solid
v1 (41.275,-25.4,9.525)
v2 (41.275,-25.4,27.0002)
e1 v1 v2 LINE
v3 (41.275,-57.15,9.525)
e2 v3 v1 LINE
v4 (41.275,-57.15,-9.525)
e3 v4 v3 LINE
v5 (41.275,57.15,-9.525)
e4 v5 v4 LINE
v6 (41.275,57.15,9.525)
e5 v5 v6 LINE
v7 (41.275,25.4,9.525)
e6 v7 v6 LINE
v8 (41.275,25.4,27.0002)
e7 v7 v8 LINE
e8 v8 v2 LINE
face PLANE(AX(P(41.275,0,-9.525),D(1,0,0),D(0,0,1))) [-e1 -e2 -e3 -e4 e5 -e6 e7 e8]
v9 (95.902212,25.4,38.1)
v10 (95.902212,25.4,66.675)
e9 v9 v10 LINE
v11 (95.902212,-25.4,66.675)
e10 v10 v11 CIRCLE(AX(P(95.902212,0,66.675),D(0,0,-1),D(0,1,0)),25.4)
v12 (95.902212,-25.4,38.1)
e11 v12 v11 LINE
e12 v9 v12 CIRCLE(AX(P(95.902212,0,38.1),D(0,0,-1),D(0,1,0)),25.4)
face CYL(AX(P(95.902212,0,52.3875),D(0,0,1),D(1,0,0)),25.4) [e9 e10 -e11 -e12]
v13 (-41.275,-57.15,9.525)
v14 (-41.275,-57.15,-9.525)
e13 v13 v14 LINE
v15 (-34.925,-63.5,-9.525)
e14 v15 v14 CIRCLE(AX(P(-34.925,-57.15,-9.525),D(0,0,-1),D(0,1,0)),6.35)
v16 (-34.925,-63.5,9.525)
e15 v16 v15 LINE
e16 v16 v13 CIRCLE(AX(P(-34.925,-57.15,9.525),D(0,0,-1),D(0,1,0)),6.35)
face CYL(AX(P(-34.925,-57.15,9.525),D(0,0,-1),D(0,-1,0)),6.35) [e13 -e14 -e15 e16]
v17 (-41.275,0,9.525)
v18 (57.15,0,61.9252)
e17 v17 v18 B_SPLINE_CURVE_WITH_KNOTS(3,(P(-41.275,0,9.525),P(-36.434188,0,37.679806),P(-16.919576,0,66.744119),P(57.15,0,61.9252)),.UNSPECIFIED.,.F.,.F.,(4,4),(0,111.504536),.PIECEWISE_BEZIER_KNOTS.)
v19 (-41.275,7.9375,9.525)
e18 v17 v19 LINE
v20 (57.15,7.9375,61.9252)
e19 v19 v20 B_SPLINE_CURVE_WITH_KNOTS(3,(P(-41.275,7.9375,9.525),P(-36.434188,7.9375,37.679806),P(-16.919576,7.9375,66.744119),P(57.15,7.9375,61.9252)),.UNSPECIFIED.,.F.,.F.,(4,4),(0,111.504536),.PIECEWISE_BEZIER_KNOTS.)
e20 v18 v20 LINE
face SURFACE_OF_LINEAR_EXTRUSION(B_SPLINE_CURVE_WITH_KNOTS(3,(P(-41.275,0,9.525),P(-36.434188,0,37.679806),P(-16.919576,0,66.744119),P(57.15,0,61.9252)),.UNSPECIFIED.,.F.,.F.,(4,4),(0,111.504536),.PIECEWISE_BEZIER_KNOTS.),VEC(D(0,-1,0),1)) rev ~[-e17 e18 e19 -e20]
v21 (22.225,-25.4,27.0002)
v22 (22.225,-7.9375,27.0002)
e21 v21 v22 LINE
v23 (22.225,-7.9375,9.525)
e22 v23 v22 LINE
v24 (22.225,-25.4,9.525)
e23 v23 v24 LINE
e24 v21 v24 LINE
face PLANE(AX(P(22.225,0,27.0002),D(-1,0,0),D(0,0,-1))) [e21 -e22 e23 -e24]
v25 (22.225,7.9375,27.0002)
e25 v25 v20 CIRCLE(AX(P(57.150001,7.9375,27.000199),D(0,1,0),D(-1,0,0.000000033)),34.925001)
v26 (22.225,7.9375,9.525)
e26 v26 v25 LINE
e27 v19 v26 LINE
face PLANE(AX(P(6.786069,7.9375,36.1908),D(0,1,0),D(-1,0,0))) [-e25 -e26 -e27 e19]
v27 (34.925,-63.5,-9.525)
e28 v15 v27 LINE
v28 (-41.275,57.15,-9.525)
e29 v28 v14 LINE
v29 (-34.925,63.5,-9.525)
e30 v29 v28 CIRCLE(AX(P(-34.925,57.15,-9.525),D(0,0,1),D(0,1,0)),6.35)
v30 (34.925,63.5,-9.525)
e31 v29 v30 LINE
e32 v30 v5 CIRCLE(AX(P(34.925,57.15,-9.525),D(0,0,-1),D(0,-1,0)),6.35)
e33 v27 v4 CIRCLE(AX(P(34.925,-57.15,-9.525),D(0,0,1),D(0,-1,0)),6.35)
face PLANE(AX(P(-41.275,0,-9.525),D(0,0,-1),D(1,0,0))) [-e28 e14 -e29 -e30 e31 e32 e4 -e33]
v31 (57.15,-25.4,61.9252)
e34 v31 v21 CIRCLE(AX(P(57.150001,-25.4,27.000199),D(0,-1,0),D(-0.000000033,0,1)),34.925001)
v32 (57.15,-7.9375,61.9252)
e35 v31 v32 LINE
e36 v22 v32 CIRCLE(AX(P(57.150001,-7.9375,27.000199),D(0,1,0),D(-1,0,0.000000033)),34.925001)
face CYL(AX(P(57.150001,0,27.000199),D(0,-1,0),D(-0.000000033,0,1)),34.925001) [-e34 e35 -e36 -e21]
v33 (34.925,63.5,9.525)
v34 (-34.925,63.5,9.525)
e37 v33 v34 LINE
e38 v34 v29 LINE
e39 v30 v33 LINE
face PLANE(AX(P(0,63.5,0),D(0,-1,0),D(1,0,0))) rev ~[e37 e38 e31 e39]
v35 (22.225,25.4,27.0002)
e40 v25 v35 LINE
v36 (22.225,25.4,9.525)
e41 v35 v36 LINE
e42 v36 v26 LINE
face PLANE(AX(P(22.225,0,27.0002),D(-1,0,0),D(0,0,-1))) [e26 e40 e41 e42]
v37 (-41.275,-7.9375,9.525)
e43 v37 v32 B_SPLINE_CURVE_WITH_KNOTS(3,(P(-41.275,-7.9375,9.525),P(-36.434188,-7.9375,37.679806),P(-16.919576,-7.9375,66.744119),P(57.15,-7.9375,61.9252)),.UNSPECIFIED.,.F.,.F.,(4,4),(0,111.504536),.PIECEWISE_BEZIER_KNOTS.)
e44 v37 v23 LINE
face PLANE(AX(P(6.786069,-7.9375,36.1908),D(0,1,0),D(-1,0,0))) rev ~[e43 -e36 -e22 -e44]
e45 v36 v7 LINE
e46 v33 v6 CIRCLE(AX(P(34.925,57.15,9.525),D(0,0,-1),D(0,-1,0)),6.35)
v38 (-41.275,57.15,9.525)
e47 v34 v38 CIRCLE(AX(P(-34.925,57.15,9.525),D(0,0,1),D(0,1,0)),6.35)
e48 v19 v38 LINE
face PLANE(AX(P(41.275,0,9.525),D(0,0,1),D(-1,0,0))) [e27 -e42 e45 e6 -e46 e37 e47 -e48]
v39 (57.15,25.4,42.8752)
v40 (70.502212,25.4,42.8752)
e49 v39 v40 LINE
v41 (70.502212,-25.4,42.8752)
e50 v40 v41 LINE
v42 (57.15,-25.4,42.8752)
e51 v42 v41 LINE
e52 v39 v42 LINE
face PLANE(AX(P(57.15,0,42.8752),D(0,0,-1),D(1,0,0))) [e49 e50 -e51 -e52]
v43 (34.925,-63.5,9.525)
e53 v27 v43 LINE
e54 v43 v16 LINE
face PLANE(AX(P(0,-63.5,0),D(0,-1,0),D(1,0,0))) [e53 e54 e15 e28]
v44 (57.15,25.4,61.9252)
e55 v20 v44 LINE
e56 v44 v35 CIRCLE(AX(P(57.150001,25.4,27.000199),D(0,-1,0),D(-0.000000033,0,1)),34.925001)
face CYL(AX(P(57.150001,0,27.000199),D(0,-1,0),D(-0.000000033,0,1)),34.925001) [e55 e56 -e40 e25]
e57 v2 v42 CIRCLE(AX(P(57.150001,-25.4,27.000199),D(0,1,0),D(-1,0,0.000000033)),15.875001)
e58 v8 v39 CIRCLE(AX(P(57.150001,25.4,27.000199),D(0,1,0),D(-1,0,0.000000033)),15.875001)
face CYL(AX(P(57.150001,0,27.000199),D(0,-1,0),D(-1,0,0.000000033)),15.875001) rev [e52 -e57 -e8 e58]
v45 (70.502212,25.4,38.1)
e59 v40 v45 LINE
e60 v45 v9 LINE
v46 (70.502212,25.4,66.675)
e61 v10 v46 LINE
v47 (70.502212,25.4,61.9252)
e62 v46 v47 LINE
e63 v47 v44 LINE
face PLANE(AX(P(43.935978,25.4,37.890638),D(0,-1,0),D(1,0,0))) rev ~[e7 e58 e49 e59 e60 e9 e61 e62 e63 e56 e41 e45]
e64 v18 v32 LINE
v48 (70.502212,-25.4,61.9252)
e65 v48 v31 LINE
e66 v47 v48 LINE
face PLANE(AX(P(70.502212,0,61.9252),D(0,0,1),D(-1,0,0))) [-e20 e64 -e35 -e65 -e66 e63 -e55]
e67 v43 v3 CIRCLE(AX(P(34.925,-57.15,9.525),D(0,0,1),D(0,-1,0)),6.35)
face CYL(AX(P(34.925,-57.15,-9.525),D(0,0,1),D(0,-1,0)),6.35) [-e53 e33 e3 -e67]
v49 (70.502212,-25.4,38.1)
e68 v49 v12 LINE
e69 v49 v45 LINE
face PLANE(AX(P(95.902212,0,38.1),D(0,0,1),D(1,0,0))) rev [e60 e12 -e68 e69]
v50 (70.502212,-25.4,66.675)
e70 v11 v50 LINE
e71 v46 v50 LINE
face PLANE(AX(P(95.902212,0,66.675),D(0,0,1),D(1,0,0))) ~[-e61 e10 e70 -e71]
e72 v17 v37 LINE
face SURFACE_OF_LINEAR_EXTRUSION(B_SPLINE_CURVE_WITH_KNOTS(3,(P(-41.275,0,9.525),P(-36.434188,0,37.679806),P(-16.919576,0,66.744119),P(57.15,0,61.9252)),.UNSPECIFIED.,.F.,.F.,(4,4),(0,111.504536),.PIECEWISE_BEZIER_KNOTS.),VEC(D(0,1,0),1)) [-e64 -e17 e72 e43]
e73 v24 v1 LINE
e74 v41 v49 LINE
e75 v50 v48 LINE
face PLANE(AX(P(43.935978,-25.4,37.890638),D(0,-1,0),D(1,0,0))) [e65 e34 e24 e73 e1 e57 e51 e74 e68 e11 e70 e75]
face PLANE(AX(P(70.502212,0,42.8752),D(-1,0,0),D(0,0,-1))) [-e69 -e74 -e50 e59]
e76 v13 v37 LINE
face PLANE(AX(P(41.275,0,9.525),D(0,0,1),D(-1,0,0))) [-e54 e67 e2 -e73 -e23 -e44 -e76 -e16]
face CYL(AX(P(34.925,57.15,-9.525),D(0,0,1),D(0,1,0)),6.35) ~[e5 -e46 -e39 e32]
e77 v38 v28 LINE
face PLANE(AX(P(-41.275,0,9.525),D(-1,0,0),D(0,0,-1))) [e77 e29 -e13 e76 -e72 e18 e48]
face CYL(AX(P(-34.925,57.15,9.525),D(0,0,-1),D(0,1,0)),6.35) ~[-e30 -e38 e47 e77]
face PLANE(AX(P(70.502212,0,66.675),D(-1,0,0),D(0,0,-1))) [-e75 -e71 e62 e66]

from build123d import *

# Parameters (mm, degrees)
F1_DEPTH = 63.5
F2_DEPTH = 25.4
F3_DEPTH = 7.9375
F0_W     = 25.4
F0_H     = 28.575
F5_R     = 6.35


with BuildPart() as f1:
    # F0 (on Front) → F1 (new body, symmetric)
    with BuildSketch(Plane.XZ):
        Polygon((22.225, 9.525), (-41.275, 9.525), (-41.275, -9.525), (41.275, -9.525), (41.275, 9.525), align=None)
    extrude(amount=F1_DEPTH, both=True)

    # F0 (on Front) → F2 (join, symmetric)
    with BuildSketch(Plane.XZ):
        with BuildLine():
            Line((22.225, 27.0002), (22.225, 9.525))
            Line((22.225, 9.525), (41.275, 9.525))
            Line((41.275, 9.525), (41.275, 27.0002))
            ThreePointArc((41.275, 27.0002), (45.92468, 38.22552), (57.15, 42.8752))
            Line((57.15, 42.8752), (70.502212, 42.8752))
            Line((70.502212, 42.8752), (70.502212, 61.9252))
            Line((70.502212, 61.9252), (57.15, 61.9252))
            ThreePointArc((57.15, 61.9252), (32.454296, 51.695904), (22.225, 27.0002))
        make_face()
        Polygon((70.502212, 66.675), (70.502212, 61.9252), (70.502212, 42.8752), (70.502212, 38.1), (95.902212, 38.1), (95.902212, 66.675), align=None)
    extrude(amount=F2_DEPTH, both=True)

    # F0 (on Front) → F3 (join, symmetric)
    with BuildSketch(Plane.XZ):
        with BuildLine():
            add(Edge.make_bspline(
                [(-41.275, 9.525), (-36.434188, 37.679806), (-16.919576, 66.744119), (57.15, 61.9252)],
                knots=[0, 0, 0, 0, 111.504536, 111.504536, 111.504536, 111.504536], degree=3))
            Line((-41.275, 9.525), (22.225, 9.525))
            Line((22.225, 9.525), (22.225, 27.0002))
            ThreePointArc((22.225, 27.0002), (32.454296, 51.695904), (57.15, 61.9252))
        make_face()
    extrude(amount=F3_DEPTH, both=True)

    # F0 (on Front) → F4 (revolve)
    with BuildSketch(Plane.XZ):
        with Locations((108.602212, 52.3875)):
            Rectangle(F0_W, F0_H)
    revolve(axis=Axis((95.902212, 0, 52.3875), (0, 0, 1)))

    # F5
    f5_edges = [f1.edges().sort_by_distance(p)[0] for p in [
        (41.275, -63.5, 0),
        (-41.275, -63.5, 0),
        (41.275, 63.5, 0),
        (-41.275, 63.5, 0),
    ]]
    fillet(f5_edges, radius=F5_R)


solid = f1.part
